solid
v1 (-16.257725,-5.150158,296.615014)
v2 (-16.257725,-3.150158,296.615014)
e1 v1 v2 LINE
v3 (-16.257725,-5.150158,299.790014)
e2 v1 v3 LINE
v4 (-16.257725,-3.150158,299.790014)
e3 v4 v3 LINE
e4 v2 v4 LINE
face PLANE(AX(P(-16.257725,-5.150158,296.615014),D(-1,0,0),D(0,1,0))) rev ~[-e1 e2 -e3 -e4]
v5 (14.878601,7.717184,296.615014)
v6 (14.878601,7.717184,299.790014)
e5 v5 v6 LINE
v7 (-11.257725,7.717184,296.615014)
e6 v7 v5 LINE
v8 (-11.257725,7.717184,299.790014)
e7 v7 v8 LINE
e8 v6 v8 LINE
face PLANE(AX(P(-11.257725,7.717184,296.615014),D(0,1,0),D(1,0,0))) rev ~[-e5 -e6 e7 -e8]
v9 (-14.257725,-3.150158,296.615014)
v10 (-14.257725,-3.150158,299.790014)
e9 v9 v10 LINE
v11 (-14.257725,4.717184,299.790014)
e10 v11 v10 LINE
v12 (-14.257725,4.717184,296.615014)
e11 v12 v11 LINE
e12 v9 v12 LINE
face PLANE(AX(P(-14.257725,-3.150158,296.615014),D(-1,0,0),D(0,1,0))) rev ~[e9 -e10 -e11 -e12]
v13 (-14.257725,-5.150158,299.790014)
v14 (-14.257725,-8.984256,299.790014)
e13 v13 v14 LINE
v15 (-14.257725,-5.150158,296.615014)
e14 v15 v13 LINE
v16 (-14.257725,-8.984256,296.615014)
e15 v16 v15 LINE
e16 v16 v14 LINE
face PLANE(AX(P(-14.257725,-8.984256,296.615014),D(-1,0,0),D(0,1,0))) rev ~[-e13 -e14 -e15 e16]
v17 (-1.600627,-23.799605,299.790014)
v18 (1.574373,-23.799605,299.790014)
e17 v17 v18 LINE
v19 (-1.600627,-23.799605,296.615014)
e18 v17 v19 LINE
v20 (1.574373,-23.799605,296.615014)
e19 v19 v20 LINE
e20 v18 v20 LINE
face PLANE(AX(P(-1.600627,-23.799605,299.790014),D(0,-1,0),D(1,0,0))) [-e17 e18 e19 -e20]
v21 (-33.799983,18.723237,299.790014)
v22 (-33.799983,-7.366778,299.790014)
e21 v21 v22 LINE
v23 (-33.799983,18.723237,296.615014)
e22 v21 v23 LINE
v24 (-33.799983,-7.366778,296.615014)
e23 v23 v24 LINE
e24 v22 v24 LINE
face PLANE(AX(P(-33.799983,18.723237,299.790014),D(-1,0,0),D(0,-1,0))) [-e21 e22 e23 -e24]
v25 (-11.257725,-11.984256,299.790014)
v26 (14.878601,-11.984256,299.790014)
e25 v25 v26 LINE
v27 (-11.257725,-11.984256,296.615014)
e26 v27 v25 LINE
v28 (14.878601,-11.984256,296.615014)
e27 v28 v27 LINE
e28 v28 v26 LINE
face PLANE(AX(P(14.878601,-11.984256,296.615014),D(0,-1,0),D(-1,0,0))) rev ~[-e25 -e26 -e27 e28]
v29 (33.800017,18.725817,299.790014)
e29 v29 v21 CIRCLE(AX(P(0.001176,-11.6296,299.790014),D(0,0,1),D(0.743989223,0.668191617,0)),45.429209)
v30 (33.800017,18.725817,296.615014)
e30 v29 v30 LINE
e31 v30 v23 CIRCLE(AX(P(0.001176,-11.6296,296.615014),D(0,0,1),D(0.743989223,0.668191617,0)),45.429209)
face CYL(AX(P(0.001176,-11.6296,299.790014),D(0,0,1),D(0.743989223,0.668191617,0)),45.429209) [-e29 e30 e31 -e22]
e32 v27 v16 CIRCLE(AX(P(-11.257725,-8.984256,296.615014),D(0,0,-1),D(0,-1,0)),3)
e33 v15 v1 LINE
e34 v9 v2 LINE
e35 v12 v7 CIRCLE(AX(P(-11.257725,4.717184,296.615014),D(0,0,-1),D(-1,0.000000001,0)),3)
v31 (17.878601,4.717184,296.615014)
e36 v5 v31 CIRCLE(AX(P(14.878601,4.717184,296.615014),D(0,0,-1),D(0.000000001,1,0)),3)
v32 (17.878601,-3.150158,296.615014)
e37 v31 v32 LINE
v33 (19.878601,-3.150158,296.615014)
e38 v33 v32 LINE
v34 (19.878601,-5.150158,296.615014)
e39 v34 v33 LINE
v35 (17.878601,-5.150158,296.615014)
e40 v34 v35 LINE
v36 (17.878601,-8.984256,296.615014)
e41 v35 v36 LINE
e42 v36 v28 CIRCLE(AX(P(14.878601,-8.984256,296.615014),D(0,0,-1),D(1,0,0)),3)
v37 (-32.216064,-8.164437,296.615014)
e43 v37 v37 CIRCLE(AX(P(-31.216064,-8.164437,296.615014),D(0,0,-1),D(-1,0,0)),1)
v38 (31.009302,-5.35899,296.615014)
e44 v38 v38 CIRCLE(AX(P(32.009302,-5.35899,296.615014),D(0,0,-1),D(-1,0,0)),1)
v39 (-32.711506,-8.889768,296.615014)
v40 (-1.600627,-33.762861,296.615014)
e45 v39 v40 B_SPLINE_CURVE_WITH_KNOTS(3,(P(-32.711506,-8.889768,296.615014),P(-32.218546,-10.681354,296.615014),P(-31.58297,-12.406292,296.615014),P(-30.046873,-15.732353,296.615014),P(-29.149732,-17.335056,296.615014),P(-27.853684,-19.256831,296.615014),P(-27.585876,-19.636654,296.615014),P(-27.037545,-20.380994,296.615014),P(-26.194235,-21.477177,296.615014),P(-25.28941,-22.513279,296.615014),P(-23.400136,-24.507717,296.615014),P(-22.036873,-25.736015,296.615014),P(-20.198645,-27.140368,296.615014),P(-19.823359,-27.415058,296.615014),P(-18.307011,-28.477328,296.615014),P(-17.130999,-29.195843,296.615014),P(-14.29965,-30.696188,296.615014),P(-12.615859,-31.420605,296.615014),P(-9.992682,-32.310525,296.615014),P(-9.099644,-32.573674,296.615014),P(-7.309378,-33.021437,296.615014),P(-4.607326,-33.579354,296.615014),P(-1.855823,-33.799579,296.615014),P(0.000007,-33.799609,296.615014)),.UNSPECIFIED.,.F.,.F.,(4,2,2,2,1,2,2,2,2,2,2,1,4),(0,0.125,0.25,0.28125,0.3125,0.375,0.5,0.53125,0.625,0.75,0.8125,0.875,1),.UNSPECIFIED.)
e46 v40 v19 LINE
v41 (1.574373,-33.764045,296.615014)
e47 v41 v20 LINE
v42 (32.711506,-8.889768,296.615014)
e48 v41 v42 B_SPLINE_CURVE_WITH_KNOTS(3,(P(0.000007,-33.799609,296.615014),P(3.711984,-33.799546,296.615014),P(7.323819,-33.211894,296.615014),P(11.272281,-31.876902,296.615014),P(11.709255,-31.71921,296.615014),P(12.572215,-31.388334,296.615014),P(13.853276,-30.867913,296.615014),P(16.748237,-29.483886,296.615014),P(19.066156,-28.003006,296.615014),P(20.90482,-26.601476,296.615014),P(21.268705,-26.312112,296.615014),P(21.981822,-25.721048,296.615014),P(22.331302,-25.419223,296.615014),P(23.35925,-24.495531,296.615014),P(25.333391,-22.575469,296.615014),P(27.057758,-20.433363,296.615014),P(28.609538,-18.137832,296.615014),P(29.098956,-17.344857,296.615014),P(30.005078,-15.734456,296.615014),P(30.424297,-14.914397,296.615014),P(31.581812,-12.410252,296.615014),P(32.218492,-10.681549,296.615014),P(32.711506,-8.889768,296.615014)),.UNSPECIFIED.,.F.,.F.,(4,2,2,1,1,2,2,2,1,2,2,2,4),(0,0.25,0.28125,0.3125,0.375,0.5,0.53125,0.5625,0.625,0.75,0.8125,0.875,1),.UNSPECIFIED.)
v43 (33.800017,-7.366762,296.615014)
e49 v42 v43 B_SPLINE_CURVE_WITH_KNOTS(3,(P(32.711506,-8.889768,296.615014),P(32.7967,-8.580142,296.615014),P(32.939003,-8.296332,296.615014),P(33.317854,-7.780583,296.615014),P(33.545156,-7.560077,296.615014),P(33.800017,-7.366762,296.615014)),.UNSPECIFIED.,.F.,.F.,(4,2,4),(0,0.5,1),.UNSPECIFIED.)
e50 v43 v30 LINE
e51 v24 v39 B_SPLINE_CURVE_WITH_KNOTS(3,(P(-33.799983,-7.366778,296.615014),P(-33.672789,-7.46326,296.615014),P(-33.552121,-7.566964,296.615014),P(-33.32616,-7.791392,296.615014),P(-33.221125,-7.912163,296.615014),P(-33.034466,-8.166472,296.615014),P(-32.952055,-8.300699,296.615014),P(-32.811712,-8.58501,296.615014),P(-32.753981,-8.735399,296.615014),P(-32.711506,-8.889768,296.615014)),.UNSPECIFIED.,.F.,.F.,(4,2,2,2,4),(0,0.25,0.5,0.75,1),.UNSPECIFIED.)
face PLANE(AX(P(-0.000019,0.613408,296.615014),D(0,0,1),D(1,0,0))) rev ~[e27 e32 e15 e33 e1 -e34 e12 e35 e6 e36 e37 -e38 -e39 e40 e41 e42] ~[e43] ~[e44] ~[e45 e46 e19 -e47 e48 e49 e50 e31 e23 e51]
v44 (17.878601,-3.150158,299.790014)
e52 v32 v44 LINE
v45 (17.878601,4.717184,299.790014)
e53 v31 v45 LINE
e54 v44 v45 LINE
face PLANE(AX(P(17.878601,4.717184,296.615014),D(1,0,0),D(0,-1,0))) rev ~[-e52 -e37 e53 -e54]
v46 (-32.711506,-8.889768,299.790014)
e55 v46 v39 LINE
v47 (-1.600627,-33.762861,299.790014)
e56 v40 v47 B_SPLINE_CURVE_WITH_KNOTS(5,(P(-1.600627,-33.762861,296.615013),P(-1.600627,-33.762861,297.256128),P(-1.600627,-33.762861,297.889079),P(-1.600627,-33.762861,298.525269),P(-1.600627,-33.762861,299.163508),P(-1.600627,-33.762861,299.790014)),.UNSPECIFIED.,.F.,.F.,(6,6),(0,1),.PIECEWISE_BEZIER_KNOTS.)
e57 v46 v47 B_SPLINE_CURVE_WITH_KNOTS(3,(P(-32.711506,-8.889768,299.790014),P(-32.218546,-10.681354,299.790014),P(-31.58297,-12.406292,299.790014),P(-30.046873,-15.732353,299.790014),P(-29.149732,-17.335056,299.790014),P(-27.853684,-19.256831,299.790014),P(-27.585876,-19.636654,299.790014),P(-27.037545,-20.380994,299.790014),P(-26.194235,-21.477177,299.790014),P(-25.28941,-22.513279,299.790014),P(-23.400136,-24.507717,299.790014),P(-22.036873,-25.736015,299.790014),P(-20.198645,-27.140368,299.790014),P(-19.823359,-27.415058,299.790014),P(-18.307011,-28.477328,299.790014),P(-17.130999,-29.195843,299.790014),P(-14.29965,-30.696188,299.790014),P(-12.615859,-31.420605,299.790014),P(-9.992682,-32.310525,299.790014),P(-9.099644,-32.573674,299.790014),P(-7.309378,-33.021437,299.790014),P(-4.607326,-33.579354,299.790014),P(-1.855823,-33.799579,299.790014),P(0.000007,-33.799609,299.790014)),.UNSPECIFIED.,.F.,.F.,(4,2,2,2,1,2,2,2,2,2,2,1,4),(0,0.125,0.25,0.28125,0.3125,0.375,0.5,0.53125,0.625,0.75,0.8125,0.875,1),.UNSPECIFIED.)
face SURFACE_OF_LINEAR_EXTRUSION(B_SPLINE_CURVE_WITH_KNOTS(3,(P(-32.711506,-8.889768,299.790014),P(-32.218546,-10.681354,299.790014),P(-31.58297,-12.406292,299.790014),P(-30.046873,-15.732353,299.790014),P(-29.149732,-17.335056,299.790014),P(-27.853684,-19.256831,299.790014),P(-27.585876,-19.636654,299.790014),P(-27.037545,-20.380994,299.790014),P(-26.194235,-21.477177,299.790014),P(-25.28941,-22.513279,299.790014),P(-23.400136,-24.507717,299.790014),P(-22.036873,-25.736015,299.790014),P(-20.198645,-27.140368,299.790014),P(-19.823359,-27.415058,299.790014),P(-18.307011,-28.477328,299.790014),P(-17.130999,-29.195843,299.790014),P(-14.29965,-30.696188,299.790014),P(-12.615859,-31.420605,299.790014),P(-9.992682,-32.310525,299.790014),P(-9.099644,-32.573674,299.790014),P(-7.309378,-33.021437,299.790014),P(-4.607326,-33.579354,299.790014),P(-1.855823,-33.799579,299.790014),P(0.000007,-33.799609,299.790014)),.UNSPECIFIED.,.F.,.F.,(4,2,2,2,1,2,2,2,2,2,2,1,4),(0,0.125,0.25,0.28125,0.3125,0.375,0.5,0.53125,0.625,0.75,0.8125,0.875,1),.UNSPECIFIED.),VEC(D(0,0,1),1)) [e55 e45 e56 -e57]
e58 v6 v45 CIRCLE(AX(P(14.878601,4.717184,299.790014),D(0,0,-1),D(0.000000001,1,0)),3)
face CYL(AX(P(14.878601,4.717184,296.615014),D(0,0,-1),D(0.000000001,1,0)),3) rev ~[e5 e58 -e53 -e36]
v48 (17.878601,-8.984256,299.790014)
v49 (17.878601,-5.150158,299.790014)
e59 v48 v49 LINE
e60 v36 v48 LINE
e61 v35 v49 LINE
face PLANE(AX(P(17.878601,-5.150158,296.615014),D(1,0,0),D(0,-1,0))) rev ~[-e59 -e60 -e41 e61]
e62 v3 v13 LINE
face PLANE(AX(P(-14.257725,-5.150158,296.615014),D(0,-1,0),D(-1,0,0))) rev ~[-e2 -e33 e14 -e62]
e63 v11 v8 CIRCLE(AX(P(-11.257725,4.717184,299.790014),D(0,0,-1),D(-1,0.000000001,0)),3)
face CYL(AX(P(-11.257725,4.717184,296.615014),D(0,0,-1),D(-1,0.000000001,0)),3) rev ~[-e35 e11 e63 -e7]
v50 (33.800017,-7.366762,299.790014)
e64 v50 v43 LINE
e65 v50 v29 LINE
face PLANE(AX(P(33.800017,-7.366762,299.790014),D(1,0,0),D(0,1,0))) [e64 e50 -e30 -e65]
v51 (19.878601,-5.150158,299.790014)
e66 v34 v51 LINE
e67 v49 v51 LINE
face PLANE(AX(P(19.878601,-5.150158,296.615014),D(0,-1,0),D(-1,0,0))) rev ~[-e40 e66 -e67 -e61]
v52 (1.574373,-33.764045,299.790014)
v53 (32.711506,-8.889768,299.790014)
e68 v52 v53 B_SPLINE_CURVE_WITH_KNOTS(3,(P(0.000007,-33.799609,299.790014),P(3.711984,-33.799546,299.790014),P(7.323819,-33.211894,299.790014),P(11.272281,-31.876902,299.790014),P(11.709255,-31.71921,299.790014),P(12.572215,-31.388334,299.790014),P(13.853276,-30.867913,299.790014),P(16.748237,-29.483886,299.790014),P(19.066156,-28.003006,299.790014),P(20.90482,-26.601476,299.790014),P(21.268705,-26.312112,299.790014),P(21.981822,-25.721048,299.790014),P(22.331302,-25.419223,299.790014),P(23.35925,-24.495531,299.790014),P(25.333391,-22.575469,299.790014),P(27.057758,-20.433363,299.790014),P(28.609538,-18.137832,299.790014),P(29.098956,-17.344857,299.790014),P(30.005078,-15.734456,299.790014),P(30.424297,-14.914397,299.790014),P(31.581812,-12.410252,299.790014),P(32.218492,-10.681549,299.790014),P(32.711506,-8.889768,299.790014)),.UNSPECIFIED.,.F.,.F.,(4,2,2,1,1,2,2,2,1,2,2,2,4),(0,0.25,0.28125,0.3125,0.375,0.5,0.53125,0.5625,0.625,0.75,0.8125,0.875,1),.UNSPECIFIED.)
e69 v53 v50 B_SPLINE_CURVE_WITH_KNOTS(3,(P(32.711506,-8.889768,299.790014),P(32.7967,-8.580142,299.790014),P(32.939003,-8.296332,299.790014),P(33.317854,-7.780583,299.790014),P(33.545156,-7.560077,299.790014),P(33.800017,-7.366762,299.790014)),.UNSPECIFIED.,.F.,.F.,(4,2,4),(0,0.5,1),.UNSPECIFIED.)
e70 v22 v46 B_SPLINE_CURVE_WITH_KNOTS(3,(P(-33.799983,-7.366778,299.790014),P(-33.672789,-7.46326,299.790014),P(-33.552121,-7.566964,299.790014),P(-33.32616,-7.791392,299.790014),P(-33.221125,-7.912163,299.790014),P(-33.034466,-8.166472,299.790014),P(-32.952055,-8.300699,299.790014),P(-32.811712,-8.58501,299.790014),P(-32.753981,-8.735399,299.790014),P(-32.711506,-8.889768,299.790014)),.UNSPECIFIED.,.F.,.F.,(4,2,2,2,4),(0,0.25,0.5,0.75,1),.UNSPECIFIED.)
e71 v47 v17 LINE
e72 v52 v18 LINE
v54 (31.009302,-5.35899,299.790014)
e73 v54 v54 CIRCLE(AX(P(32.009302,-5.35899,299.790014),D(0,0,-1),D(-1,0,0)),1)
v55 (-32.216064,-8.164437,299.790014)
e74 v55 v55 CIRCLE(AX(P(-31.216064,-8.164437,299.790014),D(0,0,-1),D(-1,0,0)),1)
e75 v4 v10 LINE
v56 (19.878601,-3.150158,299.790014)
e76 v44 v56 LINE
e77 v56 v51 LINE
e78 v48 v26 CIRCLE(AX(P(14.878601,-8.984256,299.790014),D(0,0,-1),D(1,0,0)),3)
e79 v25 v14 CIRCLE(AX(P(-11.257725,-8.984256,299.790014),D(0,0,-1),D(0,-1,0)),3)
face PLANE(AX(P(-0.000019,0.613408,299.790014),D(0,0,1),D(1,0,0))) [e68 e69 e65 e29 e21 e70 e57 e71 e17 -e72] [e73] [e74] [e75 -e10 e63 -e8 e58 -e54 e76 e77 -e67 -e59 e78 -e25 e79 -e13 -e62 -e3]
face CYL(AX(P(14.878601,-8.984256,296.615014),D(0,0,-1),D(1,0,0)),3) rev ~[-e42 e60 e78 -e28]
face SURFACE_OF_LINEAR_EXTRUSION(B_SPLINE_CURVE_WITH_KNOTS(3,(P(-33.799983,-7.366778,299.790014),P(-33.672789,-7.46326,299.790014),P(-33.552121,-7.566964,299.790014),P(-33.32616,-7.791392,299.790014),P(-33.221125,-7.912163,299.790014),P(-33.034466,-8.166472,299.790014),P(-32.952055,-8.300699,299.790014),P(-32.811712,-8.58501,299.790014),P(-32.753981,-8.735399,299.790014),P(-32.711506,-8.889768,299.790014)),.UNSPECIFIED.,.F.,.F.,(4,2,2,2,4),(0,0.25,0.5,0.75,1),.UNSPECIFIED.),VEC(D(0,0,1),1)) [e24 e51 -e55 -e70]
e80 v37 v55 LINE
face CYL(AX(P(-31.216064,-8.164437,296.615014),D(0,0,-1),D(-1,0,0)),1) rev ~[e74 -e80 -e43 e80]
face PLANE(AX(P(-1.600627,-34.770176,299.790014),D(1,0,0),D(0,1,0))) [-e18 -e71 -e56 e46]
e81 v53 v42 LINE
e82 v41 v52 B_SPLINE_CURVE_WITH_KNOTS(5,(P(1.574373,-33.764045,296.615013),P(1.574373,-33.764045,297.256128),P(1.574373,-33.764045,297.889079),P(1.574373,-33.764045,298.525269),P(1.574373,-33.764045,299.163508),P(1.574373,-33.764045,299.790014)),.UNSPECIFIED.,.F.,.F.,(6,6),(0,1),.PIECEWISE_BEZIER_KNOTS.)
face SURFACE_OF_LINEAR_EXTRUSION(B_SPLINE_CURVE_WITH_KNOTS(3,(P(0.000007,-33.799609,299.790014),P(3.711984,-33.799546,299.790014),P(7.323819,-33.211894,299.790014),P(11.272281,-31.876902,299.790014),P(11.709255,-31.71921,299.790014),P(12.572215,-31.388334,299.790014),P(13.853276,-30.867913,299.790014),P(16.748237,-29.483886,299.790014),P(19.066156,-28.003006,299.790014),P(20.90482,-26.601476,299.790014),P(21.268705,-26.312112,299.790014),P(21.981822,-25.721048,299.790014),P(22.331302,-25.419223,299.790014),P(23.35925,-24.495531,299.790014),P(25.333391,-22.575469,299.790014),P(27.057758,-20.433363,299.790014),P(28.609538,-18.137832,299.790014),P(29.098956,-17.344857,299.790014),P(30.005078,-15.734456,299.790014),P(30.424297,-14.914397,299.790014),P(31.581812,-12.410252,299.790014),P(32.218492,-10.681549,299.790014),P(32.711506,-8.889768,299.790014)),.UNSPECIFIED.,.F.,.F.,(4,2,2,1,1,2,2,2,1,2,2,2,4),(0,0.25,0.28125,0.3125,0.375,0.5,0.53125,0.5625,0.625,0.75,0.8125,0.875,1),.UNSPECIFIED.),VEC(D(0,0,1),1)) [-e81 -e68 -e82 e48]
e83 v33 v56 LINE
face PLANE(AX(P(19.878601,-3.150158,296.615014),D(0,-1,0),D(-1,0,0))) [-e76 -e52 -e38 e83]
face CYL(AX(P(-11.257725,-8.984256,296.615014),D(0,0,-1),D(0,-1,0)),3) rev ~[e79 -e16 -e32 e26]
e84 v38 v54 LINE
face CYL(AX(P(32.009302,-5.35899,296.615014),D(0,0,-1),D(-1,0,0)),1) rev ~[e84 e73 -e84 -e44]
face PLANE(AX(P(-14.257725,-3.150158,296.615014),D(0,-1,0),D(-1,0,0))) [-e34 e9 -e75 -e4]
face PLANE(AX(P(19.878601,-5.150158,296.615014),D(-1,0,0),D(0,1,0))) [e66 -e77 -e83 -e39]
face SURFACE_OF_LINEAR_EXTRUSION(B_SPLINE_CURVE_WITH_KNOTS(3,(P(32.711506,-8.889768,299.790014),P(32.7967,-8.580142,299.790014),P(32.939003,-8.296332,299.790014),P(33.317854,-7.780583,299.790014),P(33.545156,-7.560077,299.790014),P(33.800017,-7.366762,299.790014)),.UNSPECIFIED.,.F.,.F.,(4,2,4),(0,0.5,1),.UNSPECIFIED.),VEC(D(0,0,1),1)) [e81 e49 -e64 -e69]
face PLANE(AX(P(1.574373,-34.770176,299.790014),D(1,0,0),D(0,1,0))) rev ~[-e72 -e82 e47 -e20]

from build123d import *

# Parameters (mm, degrees)
BOSS_EXTRUDE1_DEPTH = 3.175
SKETCH2_R           = 1
CUT_EXTRUDE1_DEPTH  = 3.175
SKETCH3_W           = 3.175
SKETCH3_H           = 10.970571453
CUT_EXTRUDE2_DEPTH  = 48.905483945
SKETCH4_W           = 2
SKETCH4_H           = 2
CUT_EXTRUDE3_DEPTH  = 48.905483945


with BuildPart() as part:
    # Sketch1 → Boss-Extrude1 (new body)
    with BuildSketch(Plane.XY.offset(299.790013628)):
        with BuildLine():
            Line((33.800017398, -7.366761895), (33.800017398, 18.725816778))
            ThreePointArc((33.800017398, 18.725816778), (-0.000557823, 33.799609088), (-33.799982602, 18.723237361))
            Line((-33.799982602, 18.723237361), (-33.799982602, -7.366777732))
            add(Edge.make_bspline(
                [(-33.799982602, -7.366777732), (-33.672789327, -7.463259542), (-33.552121131, -7.566964097), (-33.326159842, -7.79139223), (-33.221125409, -7.912162508), (-33.034465703, -8.166471978), (-32.952054517, -8.300699067), (-32.811712114, -8.585009668), (-32.753980555, -8.735399478), (-32.711505515, -8.889768336)],
                knots=[0, 0, 0, 0, 0.25, 0.25, 0.5, 0.5, 0.75, 0.75, 1, 1, 1, 1], degree=3))
            add(Edge.make_bspline(
                [(-32.711505515, -8.889768336), (-32.218545569, -10.681353815), (-31.582970442, -12.406292143), (-30.046873209, -15.732353364), (-29.149732094, -17.335056266), (-27.853684449, -19.256830618), (-27.585876179, -19.636654103), (-27.037545067, -20.380994298), (-26.194235478, -21.477177142), (-25.289410486, -22.513279461), (-23.400136465, -24.507717332), (-22.036872596, -25.736014695), (-20.198644798, -27.140367507), (-19.823359112, -27.415057973), (-18.307010857, -28.47732838), (-17.130998838, -29.195842865), (-14.299650354, -30.696188469), (-12.615858618, -31.420604816), (-9.99268241, -32.310524634), (-9.099644071, -32.573674181), (-7.309378259, -33.021437293), (-4.607325738, -33.579354316), (-1.855822888, -33.799578534), (7.014e-06, -33.799609106)],
                knots=[0, 0, 0, 0, 0.125, 0.125, 0.25, 0.25, 0.28125, 0.28125, 0.3125, 0.375, 0.375, 0.5, 0.5, 0.53125, 0.53125, 0.625, 0.625, 0.75, 0.75, 0.8125, 0.8125, 0.875, 1, 1, 1, 1], degree=3))
            add(Edge.make_bspline(
                [(7.014e-06, -33.799609106), (3.71198449, -33.799546475), (7.323818522, -33.211894011), (11.272281305, -31.876901766), (11.709255106, -31.719210387), (12.572214597, -31.3883335), (13.853276296, -30.867912798), (16.748236975, -29.483886242), (19.066155809, -28.003005579), (20.904820016, -26.601476418), (21.26870544, -26.312112405), (21.981822477, -25.721047769), (22.331302421, -25.41922276), (23.359250005, -24.495530592), (25.333391288, -22.575468921), (27.05775769, -20.433363088), (28.609537919, -18.137832091), (29.098956145, -17.344856534), (30.005077972, -15.734456147), (30.424297285, -14.914397351), (31.581811664, -12.410251613), (32.218491785, -10.681549287), (32.711505515, -8.889768336)],
                knots=[0, 0, 0, 0, 0.25, 0.25, 0.28125, 0.28125, 0.3125, 0.375, 0.5, 0.5, 0.53125, 0.53125, 0.5625, 0.5625, 0.625, 0.75, 0.75, 0.8125, 0.8125, 0.875, 0.875, 1, 1, 1, 1], degree=3))
            add(Edge.make_bspline(
                [(32.711505515, -8.889768336), (32.79670017, -8.580141747), (32.939002514, -8.296331804), (33.317854255, -7.780583107), (33.545155986, -7.560077249), (33.800017398, -7.366761895)],
                knots=[0, 0, 0, 0, 0.5, 0.5, 1, 1, 1, 1], degree=3))
        make_face()
    extrude(amount=-BOSS_EXTRUDE1_DEPTH)

    # Sketch2 → Cut-Extrude1 (cut)
    with BuildSketch(Plane(origin=(0, 0, 296.615013628), x_dir=(-1, 0, 0), z_dir=(0, 0, -1))):
        with Locations((-32.009302375, -5.358989516)):
            Circle(SKETCH2_R)
        with Locations((31.216064399, -8.164436653)):
            Circle(SKETCH2_R)
    extrude(amount=-CUT_EXTRUDE1_DEPTH, mode=Mode.SUBTRACT)

    # Sketch3 → Cut-Extrude2 (cut, through all)
    with BuildSketch(Plane.XY.offset(299.790013628)):
        with Locations((-0.013127042, -29.284890239)):
            Rectangle(SKETCH3_W, SKETCH3_H)
    extrude(amount=-CUT_EXTRUDE2_DEPTH, mode=Mode.SUBTRACT)

    # Sketch4 → Cut-Extrude3 (cut, through all)
    with BuildSketch(Plane(origin=(0, 0, 296.615013628), x_dir=(-1, 0, 0), z_dir=(0, 0, -1))):
        with BuildLine():
            Line((14.257724699, -8.984256283), (14.257724699, 4.717183699))
            ThreePointArc((14.257724699, 4.717183699), (13.379045042, 6.838504042), (11.257724699, 7.717183699))
            Line((11.257724699, 7.717183699), (-14.878600613, 7.717183699))
            ThreePointArc((-14.878600613, 7.717183699), (-16.999920956, 6.838504042), (-17.878600613, 4.717183699))
            Line((-17.878600613, 4.717183699), (-17.878600613, -8.984256283))
            ThreePointArc((-17.878600613, -8.984256283), (-16.999920956, -11.105576627), (-14.878600613, -11.984256283))
            Line((-14.878600613, -11.984256283), (11.257724699, -11.984256283))
            ThreePointArc((11.257724699, -11.984256283), (13.379045042, -11.105576627), (14.257724699, -8.984256283))
        make_face()
        with Locations((15.257724699, -4.150157902)):
            Rectangle(SKETCH4_W, SKETCH4_H)
        with Locations((-18.878600613, -4.150157902)):
            Rectangle(SKETCH4_W, SKETCH4_H)
    extrude(amount=-CUT_EXTRUDE3_DEPTH, mode=Mode.SUBTRACT)


solid = part.part
